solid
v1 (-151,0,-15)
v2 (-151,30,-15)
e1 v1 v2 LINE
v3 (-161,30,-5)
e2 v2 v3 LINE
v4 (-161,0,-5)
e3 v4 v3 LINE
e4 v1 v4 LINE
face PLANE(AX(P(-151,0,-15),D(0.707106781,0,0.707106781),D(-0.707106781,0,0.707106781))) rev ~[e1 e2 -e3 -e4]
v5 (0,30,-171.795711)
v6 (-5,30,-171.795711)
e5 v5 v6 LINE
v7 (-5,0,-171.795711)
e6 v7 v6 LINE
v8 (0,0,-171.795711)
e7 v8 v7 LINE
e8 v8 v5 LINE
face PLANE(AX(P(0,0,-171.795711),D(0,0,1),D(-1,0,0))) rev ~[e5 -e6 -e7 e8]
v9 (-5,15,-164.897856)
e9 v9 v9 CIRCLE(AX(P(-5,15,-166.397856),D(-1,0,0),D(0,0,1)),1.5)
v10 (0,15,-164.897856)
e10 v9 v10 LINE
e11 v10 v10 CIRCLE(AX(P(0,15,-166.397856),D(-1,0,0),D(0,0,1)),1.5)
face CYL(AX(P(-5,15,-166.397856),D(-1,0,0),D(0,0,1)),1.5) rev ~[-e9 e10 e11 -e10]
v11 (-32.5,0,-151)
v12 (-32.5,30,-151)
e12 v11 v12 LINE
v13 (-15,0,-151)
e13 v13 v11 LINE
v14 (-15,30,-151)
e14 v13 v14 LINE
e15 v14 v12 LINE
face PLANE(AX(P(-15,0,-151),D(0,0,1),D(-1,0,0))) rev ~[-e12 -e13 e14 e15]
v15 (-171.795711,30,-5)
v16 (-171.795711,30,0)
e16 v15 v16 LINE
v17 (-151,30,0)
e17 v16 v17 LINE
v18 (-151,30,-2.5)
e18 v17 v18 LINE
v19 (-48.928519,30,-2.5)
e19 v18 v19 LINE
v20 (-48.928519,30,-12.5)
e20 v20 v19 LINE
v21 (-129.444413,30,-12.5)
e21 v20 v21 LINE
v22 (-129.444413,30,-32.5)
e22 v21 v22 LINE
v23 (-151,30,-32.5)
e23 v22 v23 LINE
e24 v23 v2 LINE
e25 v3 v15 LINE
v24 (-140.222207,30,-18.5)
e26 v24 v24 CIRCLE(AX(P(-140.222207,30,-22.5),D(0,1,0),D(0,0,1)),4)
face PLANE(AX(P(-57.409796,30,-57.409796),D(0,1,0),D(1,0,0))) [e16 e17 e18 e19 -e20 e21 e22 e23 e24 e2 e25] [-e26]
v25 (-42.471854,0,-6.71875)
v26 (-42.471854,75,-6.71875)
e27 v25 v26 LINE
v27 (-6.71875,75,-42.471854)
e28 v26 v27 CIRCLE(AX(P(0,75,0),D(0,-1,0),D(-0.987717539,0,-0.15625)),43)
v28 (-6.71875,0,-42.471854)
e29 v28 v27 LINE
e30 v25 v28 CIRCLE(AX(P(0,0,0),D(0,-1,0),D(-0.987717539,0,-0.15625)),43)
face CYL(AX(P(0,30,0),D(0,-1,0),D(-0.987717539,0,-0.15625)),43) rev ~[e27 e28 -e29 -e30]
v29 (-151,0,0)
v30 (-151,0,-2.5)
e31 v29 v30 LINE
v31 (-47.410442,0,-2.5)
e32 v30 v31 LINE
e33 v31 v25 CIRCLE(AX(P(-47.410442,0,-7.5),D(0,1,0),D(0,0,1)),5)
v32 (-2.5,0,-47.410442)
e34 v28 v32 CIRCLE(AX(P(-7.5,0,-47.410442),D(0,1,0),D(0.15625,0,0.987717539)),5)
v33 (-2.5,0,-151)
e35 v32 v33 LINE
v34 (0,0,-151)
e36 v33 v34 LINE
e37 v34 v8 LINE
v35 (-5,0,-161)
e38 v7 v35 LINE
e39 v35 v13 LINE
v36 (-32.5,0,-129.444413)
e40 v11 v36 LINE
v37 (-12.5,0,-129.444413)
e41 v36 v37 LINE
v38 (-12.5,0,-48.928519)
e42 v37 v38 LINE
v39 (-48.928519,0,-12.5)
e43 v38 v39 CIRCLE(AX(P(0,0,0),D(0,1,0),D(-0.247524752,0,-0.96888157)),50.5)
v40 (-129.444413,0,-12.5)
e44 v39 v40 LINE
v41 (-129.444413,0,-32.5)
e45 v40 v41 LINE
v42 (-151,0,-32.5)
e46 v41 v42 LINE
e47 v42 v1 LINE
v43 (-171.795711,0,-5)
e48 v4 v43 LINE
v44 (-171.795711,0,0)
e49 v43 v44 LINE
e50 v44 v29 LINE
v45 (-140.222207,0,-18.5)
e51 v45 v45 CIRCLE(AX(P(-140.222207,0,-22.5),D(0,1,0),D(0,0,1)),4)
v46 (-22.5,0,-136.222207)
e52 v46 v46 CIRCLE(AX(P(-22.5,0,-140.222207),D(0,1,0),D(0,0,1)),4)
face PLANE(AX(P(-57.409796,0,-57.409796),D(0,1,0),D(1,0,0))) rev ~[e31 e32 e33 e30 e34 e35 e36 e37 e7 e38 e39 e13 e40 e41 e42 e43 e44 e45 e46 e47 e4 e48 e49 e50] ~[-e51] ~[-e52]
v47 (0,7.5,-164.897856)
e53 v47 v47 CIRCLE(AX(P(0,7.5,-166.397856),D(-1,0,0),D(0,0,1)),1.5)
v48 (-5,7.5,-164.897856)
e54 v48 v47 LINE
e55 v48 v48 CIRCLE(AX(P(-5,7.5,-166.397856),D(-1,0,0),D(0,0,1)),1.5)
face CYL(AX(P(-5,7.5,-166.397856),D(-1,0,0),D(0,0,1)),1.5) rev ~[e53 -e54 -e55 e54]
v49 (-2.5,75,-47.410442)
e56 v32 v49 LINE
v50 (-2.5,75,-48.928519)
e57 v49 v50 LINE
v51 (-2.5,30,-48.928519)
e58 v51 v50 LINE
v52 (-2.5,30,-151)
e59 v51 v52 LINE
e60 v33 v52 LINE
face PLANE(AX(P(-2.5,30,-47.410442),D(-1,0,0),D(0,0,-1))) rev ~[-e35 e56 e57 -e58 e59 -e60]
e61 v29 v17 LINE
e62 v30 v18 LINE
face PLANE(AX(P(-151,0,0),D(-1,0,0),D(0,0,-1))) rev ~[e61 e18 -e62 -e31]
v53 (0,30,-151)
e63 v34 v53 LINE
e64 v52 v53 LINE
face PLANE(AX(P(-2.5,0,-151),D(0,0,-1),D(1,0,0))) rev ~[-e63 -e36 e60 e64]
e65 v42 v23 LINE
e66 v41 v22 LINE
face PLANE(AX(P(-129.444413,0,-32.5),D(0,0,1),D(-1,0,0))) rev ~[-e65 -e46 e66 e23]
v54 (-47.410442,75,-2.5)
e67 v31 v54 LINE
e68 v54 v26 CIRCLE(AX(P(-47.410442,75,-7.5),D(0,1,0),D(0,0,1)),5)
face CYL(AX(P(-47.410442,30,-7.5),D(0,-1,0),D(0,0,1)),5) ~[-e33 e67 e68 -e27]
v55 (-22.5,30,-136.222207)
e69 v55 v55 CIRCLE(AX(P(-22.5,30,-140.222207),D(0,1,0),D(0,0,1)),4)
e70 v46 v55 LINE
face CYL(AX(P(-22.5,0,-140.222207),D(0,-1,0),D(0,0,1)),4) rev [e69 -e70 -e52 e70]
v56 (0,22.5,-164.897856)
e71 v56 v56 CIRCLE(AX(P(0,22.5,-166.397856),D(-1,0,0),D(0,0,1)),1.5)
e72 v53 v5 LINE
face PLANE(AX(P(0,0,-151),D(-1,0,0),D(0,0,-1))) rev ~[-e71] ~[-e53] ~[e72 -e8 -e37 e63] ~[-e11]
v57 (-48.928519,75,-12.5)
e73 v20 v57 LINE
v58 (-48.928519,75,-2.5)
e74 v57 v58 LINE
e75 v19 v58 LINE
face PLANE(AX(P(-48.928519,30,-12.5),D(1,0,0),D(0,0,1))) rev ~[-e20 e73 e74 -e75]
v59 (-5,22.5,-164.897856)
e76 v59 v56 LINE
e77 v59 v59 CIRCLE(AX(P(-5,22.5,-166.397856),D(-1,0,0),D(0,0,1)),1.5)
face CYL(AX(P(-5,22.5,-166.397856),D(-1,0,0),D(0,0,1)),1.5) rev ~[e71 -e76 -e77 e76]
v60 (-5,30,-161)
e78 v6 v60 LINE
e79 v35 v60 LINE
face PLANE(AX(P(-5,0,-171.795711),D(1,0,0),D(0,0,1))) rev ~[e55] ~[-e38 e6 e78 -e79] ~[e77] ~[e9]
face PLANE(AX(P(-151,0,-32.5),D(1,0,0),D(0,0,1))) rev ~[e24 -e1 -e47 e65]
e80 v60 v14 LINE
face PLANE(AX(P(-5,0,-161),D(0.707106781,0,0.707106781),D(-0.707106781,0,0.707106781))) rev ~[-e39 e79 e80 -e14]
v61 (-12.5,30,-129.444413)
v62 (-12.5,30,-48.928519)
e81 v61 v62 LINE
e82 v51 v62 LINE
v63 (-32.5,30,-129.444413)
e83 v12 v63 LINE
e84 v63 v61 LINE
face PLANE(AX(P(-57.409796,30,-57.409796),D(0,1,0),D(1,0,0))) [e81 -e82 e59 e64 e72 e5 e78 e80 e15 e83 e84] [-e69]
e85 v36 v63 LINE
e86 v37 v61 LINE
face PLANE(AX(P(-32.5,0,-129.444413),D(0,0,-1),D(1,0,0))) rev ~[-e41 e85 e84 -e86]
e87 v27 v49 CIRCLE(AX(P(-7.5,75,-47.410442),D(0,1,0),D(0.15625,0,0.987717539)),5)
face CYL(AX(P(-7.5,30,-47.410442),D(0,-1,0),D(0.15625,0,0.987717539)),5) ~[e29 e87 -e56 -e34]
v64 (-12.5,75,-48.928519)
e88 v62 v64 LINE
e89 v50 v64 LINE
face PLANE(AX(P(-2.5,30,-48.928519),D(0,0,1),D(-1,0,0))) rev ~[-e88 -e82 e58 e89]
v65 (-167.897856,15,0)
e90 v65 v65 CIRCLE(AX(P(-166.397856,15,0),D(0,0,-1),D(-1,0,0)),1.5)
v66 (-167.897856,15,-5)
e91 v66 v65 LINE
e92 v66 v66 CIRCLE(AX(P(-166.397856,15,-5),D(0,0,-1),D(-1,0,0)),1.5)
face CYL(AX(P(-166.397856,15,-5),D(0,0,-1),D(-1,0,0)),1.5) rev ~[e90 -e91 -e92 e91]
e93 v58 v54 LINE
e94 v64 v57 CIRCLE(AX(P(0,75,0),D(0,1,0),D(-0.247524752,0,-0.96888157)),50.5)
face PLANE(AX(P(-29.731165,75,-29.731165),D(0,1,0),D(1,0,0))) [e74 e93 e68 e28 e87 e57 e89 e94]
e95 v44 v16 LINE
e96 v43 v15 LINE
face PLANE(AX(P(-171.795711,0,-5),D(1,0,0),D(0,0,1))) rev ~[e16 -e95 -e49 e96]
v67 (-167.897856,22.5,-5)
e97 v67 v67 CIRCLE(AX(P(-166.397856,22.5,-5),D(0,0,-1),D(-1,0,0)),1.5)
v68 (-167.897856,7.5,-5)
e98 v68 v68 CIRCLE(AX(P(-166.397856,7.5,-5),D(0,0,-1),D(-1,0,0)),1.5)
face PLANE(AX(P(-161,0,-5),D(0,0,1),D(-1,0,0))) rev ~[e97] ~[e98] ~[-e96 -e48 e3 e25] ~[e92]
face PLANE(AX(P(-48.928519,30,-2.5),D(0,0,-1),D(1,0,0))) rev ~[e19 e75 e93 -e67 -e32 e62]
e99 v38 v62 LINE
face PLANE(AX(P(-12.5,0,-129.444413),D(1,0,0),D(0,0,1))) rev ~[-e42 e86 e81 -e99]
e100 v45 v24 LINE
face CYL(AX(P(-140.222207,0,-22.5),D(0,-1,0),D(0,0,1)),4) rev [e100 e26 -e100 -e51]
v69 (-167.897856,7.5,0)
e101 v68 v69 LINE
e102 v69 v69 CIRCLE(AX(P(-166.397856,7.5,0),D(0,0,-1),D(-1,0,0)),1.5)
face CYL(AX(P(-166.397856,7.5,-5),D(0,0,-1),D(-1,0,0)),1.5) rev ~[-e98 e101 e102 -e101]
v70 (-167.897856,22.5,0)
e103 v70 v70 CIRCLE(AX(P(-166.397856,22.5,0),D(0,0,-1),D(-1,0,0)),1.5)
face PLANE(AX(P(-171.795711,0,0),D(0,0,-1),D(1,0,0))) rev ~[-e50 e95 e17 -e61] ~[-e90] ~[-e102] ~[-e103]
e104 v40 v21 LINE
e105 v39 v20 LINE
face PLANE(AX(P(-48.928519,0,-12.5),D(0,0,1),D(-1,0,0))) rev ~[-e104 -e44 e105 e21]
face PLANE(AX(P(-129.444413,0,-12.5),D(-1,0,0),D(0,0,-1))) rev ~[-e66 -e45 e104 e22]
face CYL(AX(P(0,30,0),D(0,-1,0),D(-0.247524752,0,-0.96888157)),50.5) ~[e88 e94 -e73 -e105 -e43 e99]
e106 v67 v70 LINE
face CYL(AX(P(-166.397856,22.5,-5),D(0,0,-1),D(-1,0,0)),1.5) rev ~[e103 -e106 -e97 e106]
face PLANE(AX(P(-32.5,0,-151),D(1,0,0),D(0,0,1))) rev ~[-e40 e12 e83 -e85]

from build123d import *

# Parameters (mm, degrees)
SKETCH2_R           = 4
BOSS_EXTRUDE1_DEPTH = 30
SKETCH10_R          = 1.5
CUT_EXTRUDE1_DEPTH  = 10
SKETCH11_R          = 1.5
CUT_EXTRUDE3_DEPTH  = 10
BOSS_EXTRUDE2_DEPTH = 45


with BuildPart() as part:
    # Sketch2 → Boss-Extrude1 (new body)
    with BuildSketch(Plane(origin=(0, 0, 0), x_dir=(1, 0, 0), z_dir=(0, 1, 0))):
        with BuildLine():
            Line((-2.5, 47.410441888), (-2.5, 49.444413233))
            Line((-2.5, 49.444413233), (-2.5, 151))
            Line((-2.5, 151), (0, 151))
            Line((0, 151), (0, 171.795711314))
            Line((0, 171.795711314), (-5, 171.795711314))
            Line((-5, 171.795711314), (-5, 161))
            Line((-5, 161), (-15, 151))
            Line((-15, 151), (-32.5, 151))
            Line((-32.5, 151), (-32.5, 129.444413233))
            Line((-32.5, 129.444413233), (-12.5, 129.444413233))
            Line((-12.5, 129.444413233), (-12.5, 48.928519291))
            ThreePointArc((-12.5, 48.928519291), (-35.70889245, 35.70889245), (-48.928519291, 12.5))
            Line((-48.928519291, 12.5), (-129.444413233, 12.5))
            Line((-129.444413233, 12.5), (-129.444413233, 32.5))
            Line((-129.444413233, 32.5), (-151, 32.5))
            Line((-151, 32.5), (-151, 15))
            Line((-151, 15), (-161, 5))
            Line((-161, 5), (-171.795711314, 5))
            Line((-171.795711314, 5), (-171.795711314, 0))
            Line((-171.795711314, 0), (-151, 0))
            Line((-151, 0), (-151, 2.5))
            Line((-151, 2.5), (-49.444413233, 2.5))
            Line((-49.444413233, 2.5), (-47.410441888, 2.5))
            ThreePointArc((-47.410441888, 2.5), (-44.162846624, 3.698273419), (-42.471854191, 6.71875))
            ThreePointArc((-42.471854191, 6.71875), (-30.405591591, 30.405591591), (-6.71875, 42.471854191))
            ThreePointArc((-6.71875, 42.471854191), (-3.698273419, 44.162846624), (-2.5, 47.410441888))
        make_face()
        with Locations(Location((-22.5, 140.222206617, 0), (0, 0, 270))):
            Circle(SKETCH2_R, mode=Mode.SUBTRACT)
        with Locations(Location((-140.222206617, 22.5, 0), (0, 0, 270))):
            Circle(SKETCH2_R, mode=Mode.SUBTRACT)
    extrude(amount=BOSS_EXTRUDE1_DEPTH)

    # Sketch10 → Cut-Extrude1 (cut)
    with BuildSketch(Plane.ZY.offset(5)):
        with Locations((-166.397855657, 22.5)):
            Circle(SKETCH10_R)
        with Locations((-166.397855657, 15)):
            Circle(SKETCH10_R)
        with Locations((-166.397855657, 7.5)):
            Circle(SKETCH10_R)
    extrude(amount=-CUT_EXTRUDE1_DEPTH, mode=Mode.SUBTRACT)

    # Sketch11 → Cut-Extrude3 (cut)
    with BuildSketch(Plane(origin=(0, 0, -5), x_dir=(-1, 0, 0), z_dir=(0, 0, -1))):
        with Locations((166.397855657, 22.5)):
            Circle(SKETCH11_R)
        with Locations((166.397855657, 15)):
            Circle(SKETCH11_R)
        with Locations((166.397855657, 7.5)):
            Circle(SKETCH11_R)
    extrude(amount=-CUT_EXTRUDE3_DEPTH, mode=Mode.SUBTRACT)

    # Sketch13 → Boss-Extrude2 (add)
    with BuildSketch(Plane(origin=(0, 30, 0), x_dir=(1, 0, 0), z_dir=(0, 1, 0))):
        with BuildLine():
            Line((-48.928519291, 12.5), (-48.928519291, 2.5))
            Line((-48.928519291, 2.5), (-47.410441888, 2.5))
            ThreePointArc((-47.410441888, 2.5), (-44.162846624, 3.698273419), (-42.471854191, 6.71875))
            ThreePointArc((-42.471854191, 6.71875), (-30.405591591, 30.405591591), (-6.71875, 42.471854191))
            ThreePointArc((-6.71875, 42.471854191), (-3.698273419, 44.162846624), (-2.5, 47.410441888))
            Line((-2.5, 47.410441888), (-2.5, 48.928519291))
            Line((-2.5, 48.928519291), (-12.5, 48.928519291))
            ThreePointArc((-12.5, 48.928519291), (-35.70889245, 35.70889245), (-48.928519291, 12.5))
        make_face()
    extrude(amount=BOSS_EXTRUDE2_DEPTH)


solid = part.part
